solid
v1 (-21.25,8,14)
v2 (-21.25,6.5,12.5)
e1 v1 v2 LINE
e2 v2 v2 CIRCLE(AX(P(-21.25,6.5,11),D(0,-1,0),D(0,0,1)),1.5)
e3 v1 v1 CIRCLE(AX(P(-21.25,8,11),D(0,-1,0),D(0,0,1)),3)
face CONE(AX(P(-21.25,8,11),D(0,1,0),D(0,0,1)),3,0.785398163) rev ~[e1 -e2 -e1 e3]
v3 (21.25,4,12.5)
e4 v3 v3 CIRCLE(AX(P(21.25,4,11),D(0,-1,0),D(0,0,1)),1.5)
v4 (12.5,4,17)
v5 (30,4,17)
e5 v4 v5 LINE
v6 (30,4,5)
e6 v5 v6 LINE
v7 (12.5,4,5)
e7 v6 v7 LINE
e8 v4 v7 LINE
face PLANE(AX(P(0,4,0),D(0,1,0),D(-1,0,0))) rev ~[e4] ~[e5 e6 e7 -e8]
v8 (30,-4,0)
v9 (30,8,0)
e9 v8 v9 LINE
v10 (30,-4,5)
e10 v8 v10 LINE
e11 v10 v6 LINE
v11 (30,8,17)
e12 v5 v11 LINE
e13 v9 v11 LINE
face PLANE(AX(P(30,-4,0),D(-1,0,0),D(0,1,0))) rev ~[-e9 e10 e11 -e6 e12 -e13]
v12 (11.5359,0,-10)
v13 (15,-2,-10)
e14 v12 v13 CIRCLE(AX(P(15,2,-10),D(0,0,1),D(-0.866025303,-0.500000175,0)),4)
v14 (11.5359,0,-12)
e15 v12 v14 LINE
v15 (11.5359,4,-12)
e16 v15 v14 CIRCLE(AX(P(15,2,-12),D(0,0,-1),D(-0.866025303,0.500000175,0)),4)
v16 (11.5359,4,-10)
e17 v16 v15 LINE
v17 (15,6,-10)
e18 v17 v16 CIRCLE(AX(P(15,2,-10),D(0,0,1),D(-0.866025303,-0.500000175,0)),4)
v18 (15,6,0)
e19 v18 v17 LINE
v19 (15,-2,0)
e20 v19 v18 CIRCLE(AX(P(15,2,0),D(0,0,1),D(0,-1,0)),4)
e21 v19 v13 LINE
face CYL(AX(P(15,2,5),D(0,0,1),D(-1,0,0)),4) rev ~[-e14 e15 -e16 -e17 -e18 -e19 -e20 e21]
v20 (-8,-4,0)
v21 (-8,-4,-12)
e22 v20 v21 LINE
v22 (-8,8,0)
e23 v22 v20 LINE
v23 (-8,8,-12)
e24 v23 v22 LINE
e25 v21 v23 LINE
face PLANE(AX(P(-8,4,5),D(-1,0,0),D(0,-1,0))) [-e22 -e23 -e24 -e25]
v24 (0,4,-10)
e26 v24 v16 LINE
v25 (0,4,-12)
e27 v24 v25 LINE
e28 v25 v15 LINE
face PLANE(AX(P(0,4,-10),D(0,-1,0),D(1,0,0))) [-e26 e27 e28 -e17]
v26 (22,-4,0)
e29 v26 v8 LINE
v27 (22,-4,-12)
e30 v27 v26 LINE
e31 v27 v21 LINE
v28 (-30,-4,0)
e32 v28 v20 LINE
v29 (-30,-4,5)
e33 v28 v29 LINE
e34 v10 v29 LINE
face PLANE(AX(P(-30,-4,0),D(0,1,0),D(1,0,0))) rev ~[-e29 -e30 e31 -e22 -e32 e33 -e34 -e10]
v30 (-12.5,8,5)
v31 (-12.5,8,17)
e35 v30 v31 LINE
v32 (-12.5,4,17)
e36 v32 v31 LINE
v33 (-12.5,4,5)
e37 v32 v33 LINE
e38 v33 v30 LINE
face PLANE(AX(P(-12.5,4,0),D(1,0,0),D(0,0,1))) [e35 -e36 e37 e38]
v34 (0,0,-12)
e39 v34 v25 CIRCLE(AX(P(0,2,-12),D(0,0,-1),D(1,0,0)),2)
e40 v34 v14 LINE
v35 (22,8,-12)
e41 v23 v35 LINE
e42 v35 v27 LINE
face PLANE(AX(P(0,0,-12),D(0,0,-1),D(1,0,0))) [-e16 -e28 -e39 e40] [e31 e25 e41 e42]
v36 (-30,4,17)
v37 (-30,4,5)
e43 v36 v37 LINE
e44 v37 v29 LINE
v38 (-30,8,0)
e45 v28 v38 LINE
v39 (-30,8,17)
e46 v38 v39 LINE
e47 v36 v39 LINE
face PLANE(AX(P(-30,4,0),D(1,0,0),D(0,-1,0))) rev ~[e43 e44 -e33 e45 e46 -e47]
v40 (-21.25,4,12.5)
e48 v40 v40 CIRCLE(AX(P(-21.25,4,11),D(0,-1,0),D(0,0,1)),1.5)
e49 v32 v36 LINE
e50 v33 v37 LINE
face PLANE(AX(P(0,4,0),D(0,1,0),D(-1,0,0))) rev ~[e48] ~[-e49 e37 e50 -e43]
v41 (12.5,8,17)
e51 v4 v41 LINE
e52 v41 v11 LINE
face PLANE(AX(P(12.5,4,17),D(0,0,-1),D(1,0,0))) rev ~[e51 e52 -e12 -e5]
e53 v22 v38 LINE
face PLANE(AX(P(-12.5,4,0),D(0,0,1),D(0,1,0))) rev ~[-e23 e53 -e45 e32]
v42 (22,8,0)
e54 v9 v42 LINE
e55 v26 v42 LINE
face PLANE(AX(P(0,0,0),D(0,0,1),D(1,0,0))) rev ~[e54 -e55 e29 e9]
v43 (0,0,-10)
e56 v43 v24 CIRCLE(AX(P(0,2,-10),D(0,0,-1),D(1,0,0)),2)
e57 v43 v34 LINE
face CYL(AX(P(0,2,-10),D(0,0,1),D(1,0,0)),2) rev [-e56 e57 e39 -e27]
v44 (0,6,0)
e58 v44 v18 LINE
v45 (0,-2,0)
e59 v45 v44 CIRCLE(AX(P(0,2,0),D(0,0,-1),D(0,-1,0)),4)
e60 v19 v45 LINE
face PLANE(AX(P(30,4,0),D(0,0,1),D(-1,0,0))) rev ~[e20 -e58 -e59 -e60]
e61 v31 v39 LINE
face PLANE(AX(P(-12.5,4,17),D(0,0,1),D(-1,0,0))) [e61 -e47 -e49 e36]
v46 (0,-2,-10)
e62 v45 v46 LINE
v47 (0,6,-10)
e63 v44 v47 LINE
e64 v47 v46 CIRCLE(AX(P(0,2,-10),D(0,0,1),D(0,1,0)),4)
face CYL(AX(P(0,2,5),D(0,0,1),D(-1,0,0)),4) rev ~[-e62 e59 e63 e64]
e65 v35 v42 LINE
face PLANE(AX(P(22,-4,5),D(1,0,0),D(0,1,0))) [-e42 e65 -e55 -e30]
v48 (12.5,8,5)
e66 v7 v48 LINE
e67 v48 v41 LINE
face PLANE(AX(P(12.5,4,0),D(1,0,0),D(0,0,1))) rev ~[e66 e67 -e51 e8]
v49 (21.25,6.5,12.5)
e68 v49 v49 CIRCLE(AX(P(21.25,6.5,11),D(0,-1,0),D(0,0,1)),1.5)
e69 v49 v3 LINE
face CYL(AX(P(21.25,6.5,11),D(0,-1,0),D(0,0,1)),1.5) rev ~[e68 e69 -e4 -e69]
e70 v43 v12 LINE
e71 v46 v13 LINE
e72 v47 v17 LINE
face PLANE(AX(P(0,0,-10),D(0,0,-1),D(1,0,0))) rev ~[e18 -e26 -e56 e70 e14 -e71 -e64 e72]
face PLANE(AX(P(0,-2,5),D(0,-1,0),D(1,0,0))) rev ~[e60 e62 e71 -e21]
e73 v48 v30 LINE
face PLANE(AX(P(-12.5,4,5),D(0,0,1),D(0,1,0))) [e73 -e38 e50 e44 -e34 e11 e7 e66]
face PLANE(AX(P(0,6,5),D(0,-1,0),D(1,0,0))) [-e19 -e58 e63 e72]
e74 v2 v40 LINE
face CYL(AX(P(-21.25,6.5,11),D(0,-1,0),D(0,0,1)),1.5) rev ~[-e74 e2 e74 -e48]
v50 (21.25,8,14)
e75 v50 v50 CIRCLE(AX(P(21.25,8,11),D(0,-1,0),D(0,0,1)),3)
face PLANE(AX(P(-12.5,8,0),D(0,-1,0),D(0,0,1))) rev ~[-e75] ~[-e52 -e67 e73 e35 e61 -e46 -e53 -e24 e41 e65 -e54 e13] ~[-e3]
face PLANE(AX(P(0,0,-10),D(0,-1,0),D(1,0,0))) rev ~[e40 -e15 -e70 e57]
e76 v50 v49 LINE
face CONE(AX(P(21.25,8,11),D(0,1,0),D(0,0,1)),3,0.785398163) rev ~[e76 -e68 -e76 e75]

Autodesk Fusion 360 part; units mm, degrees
sketch "Esquisse1" plane through (0, 0, 0) normal (0, 0, 1) x (1, 0, 0)
  line L0 (30, 4) -> (-30, 4)
  line L1 (-30, 4) -> (-30, -4)
  line L2 (-30, -4) -> (30, -4)
  line L3 (30, -4) -> (30, 4)
  line L4 (30, 4) -> (-30, -4) construction
  line L5 (-30, 4) -> (30, -4) construction
  dimension "d1" = 60
  dimension "d2" = 8
extrude "Extrusion1" add sketch "Esquisse1" along normal blind 5 makes body 1
sketch "Esquisse2" plane through (0, 0, 5) normal (0, 0, 1) x (-1, 0, 0)
  line L0 (-30, 4) -> (-30, -4)
  line L1 (-30, -4) -> (30, -4)
  line L2 (30, -4) -> (30, 4)
  line L3 (30, 4) -> (-30, 4)
  line L4 (8, 4) -> (-22, 4)
  line L5 (-22, 4) -> (-22, -8)
  line L6 (-22, -8) -> (8, -8)
  line L7 (8, -8) -> (8, 4)
  line L8 (0, 12.5546) -> (0, -11.3614) construction
  line L9 (8, -2) -> (-22, -2) construction
  circle A0 centre (0, -2) radius 4
  circle A1 centre (-15, -2) radius 4
  line L10 (8, 4) -> (-22, 4)
  line L11 (0, 2) -> (-15, 2)
  line L12 (0, -6) -> (-15, -6)
  dimension "d5" = 30
  dimension "d6" = 8
  dimension "d7" = 12
  dimension "d11" = 8
  dimension "d12" = 8
  dimension "d13" = 7
extrude "Extrusion2" add sketch "Esquisse2" against normal blind 15 separate body contours L1 L3 L4 L5 L7 A0 A1 L10 L11 | L1 L5 L6 L7 A0 A1 L12 makes body 2
sketch "Esquisse3" plane through (0, 0, -10) normal (0, 0, -1) x (1, 0, 0)
  line L0 (0, 2) -> (15, 2)
  arc A0 (15, -6) -> (15, 2) centre (15, -2) ccw
  line L1 (15, -6) -> (0, -6)
  arc A1 (0, 2) -> (0, -6) centre (0, -2) ccw
  line L2 (22, 4) -> (-8, 4)
  line L3 (-8, 4) -> (-8, -8)
  line L4 (-8, -8) -> (22, -8)
  line L5 (22, -8) -> (22, 4)
  circle A2 centre (0, -2) radius 2
  circle A3 centre (15, -2) radius 4
  line L6 (0, 0) -> (11.5359, 0)
  line L7 (0, -4) -> (11.5359, -4)
  dimension "d16" = 4
  dimension "d17" = 8
extrude "Extrusion3" add sketch "Esquisse3" along normal blind 2 contours L0 L1 A1 A2 A3 L6 L7 | L2 L3 L4 L5 bodies 2
sketch "Esquisse4" plane through (0, 4, 0) normal (0, 1, 0) x (-1, 0, 0)
  line L0 (-30, 0) -> (30, 0)
  line L1 (30, 0) -> (30, 5)
  line L2 (30, 5) -> (-30, 5)
  line L3 (-30, 5) -> (-30, 0)
  line L4 (15, 10.1786) -> (15, -11.9176) construction
  line L5 (0, 1.75) -> (0, 22.5) construction
  line L6 (-30, 0) -> (-12.5, 0)
  line L7 (-12.5, 0) -> (-12.5, 17)
  line L8 (-12.5, 17) -> (-30, 17)
  line L9 (-30, 17) -> (-30, 0)
  line L10 (30, 0) -> (12.5, 0)
  line L11 (12.5, 0) -> (12.5, 17)
  line L12 (12.5, 17) -> (30, 17)
  line L13 (30, 17) -> (30, 0)
  dimension "d21" = 17
  dimension "d22" = 17
  dimension "d38" = 25
extrude "Extrusion4" add sketch "Esquisse4" along normal blind 4 contours L0 L2 L3 L6 L7 L9 | L2 L7 L8 L9 | L0 L1 L2 L10 L11 L13 | L2 L11 L12 L13 bodies 2 1
sketch "Esquisse5" plane through (0, 0, 5) normal (0, 0, 1) x (-1, 0, 0)
  arc A0 (0, -6) -> (3.4641, -4) centre (0, -2) ccw
  line L0 (0, -6) -> (-12.5, -6)
  line L1 (-12.5, -8) -> (8, -8)
  line L2 (8, -8) -> (8, -4)
  line L3 (8, -4) -> (12.5, -4)
  line L4 (12.5, -4) -> (30, -4)
  line L5 (30, -4) -> (30, 4)
  line L6 (30, 4) -> (-30, 4)
  line L7 (-30, 4) -> (-30, -4)
  line L8 (-30, -4) -> (-12.5, -4)
  line L9 (-12.5, -4) -> (3.4641, -4)
  line L10 (8, -8) -> (-22, -8)
  line L11 (-22, -8) -> (-22, -4)
  line L12 (-22, -4) -> (8, -4)
  line L13 (8, -4) -> (8, -8)
  line L14 (-12.5, -6) -> (-12.5, -8)
  point P0 (-22, 4)
extrude "Extrusion5" add sketch "Esquisse5" against normal blind 5 contours A0 L0 L8 L9 L10 L11 L12 L14 | A0 L0 L1 L2 L10 L12 L13 L14 bodies 2
sketch "Esquisse6" plane through (0, 8, 0) normal (0, 1, 0) x (-1, 0, 0)
  line L0 (30, 17) -> (12.5, 17)
  line L1 (12.5, 17) -> (12.5, 0)
  line L2 (12.5, 0) -> (30, 0)
  line L3 (30, 0) -> (30, 17)
  line L4 (30, 17) -> (12.5, 5) construction
  line L5 (12.5, 17) -> (30, 5) construction
  point P0 (21.25, 11)
  point P1 (12.5, 5)
hole "Perçage1" at (-21.25, 8, 11) direction (0, -1, 0) diameter 3 end through all countersink diameter 6 countersink angle 90 bodies 2 2
sketch "Esquisse8" plane through (0, 8, 0) normal (0, 1, 0) x (-1, 0, 0)
  line L0 (12.5, 0) -> (30, 0)
  line L1 (-30, 17) -> (-12.5, 5) construction
  line L2 (-12.5, 17) -> (-30, 5) construction
  circle A0 centre (21.25, 11) radius 3
  line L3 (30, 17) -> (12.5, 17)
  line L4 (12.5, 17) -> (12.5, 0)
  line L5 (30, 0) -> (30, 17)
  point P0 (-21.25, 11)
hole "Perçage2" at (21.25, 8, 11) direction (0, -1, 0) diameter 3 end through all countersink diameter 6 countersink angle 90 bodies 2 2
sketch "Esquisse9" plane through (-12.5, 0, 0) normal (1, 0, 0) x (0, 1, 0)
  line L0 (4, 5) -> (4, 0)
  line L1 (4, 0) -> (8, 0)
  line L2 (8, 0) -> (8, 17)
  line L3 (8, 17) -> (4, 17)
  line L4 (4, 17) -> (4, 5)
  line L5 (8, 0) -> (4, 0)
  line L6 (4, 0) -> (4, 5)
  line L7 (4, 5) -> (8, 5)
  line L8 (8, 5) -> (8, 0)
extrude "Extrusion6" add sketch "Esquisse9" along normal up to surface (4.5 mm away) contours L0 L1 L2 L5 L6 L7 L8 bodies 2
